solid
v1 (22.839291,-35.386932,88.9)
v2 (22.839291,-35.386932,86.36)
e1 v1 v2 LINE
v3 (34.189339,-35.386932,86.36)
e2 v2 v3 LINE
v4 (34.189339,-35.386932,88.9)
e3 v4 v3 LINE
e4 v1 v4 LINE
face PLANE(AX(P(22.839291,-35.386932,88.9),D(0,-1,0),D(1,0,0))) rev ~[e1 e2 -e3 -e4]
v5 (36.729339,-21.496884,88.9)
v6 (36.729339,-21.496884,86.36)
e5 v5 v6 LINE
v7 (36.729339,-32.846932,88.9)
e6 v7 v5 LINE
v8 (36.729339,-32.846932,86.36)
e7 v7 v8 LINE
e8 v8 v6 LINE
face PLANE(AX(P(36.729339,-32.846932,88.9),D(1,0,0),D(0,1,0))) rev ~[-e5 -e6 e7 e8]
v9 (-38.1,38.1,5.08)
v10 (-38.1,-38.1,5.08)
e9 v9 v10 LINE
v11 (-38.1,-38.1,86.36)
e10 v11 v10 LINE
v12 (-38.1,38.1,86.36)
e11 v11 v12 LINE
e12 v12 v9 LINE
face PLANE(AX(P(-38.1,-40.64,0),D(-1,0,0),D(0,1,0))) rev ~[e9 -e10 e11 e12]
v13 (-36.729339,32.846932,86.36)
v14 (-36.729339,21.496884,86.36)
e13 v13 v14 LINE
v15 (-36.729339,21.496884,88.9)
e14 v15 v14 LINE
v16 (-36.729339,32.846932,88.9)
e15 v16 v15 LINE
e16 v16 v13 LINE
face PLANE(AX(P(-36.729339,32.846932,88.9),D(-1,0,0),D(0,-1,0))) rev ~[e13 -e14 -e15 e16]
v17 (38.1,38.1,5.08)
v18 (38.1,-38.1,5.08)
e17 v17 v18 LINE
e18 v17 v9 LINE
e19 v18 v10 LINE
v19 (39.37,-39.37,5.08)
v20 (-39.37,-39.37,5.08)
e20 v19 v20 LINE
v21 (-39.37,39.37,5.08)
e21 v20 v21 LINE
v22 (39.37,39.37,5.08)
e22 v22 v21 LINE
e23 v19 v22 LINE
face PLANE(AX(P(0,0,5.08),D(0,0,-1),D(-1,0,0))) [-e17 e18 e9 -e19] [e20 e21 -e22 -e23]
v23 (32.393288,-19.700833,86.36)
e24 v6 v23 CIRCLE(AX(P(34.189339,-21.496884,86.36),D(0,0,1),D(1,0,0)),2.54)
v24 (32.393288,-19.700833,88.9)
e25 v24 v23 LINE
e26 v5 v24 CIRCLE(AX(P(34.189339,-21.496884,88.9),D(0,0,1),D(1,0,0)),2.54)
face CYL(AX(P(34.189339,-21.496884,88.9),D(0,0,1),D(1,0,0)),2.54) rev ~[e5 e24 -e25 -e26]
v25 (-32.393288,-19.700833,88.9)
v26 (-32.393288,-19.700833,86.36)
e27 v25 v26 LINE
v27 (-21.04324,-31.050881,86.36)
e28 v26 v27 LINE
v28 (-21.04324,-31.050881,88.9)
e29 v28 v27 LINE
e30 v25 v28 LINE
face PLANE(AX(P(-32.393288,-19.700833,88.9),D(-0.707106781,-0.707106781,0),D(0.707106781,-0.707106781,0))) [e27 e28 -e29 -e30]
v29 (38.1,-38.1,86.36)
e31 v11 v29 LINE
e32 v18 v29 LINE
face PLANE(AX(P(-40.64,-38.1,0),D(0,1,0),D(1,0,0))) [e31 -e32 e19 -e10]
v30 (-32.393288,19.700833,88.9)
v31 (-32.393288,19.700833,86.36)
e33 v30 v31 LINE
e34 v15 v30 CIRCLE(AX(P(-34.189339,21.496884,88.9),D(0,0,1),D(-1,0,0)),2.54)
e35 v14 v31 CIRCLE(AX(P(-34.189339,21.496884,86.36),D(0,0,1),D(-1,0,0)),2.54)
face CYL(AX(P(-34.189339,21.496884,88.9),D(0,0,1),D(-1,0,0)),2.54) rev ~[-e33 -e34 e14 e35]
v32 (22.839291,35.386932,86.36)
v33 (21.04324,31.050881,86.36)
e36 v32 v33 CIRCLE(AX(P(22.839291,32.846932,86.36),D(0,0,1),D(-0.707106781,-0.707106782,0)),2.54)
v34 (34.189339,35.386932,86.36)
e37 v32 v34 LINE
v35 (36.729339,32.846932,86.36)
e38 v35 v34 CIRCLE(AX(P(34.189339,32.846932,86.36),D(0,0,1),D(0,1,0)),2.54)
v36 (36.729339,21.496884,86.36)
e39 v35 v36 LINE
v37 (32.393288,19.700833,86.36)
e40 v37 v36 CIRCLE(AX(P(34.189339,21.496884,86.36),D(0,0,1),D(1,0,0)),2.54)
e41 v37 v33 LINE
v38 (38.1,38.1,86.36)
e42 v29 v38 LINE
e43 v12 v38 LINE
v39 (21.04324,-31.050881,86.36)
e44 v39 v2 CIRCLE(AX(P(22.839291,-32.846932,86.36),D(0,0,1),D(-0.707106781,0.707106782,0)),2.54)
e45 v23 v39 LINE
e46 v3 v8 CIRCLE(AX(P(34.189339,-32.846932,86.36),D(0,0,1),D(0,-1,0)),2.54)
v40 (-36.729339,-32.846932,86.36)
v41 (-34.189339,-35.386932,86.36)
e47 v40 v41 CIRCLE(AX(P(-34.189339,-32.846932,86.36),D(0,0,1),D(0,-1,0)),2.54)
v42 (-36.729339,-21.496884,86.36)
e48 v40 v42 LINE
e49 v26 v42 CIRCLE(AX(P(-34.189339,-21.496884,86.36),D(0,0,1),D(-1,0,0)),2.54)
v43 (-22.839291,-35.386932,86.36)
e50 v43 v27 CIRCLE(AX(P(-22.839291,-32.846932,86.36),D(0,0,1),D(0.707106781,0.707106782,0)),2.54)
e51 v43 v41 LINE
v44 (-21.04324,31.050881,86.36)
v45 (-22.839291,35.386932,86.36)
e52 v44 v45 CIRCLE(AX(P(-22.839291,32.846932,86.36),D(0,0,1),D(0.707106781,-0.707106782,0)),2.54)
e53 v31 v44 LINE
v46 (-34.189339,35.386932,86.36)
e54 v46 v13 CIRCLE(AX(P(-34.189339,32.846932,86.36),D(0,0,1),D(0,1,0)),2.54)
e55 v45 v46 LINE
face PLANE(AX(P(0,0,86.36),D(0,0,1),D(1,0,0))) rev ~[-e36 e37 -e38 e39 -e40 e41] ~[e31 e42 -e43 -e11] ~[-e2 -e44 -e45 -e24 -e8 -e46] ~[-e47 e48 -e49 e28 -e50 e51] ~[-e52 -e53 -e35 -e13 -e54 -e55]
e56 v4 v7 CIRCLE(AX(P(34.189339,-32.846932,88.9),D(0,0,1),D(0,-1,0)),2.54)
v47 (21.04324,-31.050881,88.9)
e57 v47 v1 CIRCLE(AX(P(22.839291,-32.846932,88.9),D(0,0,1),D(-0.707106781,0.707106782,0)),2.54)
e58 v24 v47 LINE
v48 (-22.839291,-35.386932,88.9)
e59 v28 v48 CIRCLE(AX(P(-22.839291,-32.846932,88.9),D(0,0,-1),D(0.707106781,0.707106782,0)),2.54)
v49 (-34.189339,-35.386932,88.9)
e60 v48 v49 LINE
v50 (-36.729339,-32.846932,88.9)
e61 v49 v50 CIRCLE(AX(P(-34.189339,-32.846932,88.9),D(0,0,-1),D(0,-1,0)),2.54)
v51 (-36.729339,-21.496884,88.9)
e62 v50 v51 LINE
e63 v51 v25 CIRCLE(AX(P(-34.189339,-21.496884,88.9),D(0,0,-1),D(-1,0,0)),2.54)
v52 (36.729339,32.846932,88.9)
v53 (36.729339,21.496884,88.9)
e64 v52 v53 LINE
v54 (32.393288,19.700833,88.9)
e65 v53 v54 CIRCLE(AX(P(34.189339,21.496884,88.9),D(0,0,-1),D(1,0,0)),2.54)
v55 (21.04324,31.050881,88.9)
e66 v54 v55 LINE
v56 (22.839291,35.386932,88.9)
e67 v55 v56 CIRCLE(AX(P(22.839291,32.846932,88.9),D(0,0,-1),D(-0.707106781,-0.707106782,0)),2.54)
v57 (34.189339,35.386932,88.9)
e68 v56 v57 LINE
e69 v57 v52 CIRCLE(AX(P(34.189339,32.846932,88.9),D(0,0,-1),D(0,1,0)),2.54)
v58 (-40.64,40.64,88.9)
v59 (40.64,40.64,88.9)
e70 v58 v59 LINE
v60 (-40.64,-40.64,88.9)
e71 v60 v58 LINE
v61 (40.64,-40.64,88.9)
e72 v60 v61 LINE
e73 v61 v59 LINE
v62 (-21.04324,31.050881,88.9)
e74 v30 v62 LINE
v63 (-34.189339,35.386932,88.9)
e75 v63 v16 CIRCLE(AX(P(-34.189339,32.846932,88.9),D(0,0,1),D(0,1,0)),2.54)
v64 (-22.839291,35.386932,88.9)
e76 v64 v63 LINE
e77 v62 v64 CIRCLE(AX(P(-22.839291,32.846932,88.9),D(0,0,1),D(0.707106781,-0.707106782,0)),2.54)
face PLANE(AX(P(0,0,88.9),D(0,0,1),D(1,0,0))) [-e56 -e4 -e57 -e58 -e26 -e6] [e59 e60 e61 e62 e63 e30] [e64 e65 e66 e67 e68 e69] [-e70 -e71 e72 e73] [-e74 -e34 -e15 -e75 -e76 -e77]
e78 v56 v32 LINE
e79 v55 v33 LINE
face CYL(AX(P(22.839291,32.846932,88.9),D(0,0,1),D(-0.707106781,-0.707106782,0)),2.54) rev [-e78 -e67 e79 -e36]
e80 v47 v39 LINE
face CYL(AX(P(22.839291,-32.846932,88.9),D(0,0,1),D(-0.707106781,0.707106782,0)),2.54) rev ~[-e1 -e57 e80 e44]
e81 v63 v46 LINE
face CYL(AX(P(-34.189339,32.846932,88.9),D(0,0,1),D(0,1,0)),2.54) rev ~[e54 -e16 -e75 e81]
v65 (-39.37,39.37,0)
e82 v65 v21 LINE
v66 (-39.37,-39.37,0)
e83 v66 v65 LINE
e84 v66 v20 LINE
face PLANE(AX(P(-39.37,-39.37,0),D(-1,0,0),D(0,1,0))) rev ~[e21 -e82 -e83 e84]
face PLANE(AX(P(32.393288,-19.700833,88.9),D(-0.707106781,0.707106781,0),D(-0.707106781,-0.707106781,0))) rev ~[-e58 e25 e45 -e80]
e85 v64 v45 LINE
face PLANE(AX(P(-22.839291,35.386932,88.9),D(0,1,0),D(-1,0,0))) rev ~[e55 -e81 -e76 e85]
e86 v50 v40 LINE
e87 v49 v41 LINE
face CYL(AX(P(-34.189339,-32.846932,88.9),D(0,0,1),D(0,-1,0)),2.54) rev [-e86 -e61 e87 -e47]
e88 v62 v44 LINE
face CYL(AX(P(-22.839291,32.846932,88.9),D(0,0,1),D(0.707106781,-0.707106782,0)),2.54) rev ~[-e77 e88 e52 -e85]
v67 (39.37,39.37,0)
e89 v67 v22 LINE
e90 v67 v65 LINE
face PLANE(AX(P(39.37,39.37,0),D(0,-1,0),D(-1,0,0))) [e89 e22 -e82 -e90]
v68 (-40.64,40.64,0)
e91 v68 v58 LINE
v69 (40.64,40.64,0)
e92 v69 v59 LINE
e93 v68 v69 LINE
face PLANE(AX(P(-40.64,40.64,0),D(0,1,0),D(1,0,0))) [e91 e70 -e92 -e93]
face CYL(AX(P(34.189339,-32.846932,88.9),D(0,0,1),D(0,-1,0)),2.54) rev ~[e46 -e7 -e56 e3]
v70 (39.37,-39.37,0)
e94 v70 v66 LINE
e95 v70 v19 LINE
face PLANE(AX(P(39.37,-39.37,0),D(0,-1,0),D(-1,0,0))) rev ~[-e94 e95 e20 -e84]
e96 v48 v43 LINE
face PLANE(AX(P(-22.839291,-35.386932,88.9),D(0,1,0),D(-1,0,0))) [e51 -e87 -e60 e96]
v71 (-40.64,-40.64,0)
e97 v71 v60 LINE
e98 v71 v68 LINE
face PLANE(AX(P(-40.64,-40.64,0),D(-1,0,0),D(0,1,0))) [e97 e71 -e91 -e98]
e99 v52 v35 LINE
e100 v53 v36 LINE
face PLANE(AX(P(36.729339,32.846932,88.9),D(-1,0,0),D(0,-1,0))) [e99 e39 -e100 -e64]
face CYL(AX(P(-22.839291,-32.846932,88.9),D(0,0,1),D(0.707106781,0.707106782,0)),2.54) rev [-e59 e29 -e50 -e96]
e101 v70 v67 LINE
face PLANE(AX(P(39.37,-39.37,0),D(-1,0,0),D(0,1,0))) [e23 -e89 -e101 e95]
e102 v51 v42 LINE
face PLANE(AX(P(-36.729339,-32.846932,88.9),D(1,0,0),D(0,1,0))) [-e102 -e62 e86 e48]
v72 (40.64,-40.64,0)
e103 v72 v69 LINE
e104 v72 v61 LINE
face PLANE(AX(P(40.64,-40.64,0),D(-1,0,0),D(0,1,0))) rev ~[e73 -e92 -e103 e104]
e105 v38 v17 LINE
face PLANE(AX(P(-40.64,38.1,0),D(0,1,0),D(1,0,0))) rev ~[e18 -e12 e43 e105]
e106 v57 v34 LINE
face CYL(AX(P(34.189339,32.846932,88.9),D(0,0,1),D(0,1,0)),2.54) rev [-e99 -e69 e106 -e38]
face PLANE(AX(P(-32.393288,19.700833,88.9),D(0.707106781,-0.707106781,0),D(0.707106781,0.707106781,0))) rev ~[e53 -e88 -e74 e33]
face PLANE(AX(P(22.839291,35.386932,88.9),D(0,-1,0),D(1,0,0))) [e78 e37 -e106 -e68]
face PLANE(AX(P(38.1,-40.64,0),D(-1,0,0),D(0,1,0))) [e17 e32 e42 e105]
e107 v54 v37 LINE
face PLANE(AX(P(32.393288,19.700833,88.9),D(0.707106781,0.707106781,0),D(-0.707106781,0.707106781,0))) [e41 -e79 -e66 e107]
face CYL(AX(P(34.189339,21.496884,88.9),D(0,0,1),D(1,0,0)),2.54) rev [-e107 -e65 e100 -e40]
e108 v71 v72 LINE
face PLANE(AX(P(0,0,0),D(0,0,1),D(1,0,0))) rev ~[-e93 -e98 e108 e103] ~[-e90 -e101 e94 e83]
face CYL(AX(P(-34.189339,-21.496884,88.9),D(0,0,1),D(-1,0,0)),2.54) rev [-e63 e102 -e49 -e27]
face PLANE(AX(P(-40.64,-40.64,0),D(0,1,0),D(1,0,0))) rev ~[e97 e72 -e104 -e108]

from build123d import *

# Parameters (mm, degrees)
SKETCH1_W           = 81.28
SKETCH1_H           = 81.28
BOSS_EXTRUDE1_DEPTH = 88.9
SHELL1_T            = -2.54
SKETCH4_W           = 78.74
SKETCH4_H           = 78.74
CUT_EXTRUDE2_DEPTH  = 5.08
CUT_EXTRUDE3_DEPTH  = 17.78


with BuildPart() as part:
    # Sketch1 → Boss-Extrude1 (new body)
    with BuildSketch(Plane.XY):
        Rectangle(SKETCH1_W, SKETCH1_H)
    extrude(amount=BOSS_EXTRUDE1_DEPTH)

    # Shell1
    shell1_openings = [part.faces().sort_by_distance(p)[0] for p in [
        (0, 0, 0),
    ]]
    offset(amount=SHELL1_T, openings=shell1_openings, kind=Kind.INTERSECTION)

    # Sketch4 → Cut-Extrude2 (cut)
    with BuildSketch(Plane(origin=(0, 0, 0), x_dir=(-1, 0, 0), z_dir=(0, 0, -1))):
        Rectangle(SKETCH4_W, SKETCH4_H)
    extrude(amount=-CUT_EXTRUDE2_DEPTH, mode=Mode.SUBTRACT)

    # Sketch5 → Cut-Extrude3 (cut)
    with BuildSketch(Plane.XY.offset(88.9)):
        with BuildLine():
            Line((-36.729338969, 32.846931931), (-36.729338969, 21.496884439))
            ThreePointArc((-36.729338969, 21.496884439), (-35.161354887, 19.150230426), (-32.393287744, 19.700833215))
            Line((-32.393287744, 19.700833215), (-21.043240252, 31.050880707))
            ThreePointArc((-21.043240252, 31.050880707), (-20.492637463, 33.81894785), (-22.839291476, 35.386931931))
            Line((-22.839291476, 35.386931931), (-34.189338969, 35.386931931))
            ThreePointArc((-34.189338969, 35.386931931), (-35.985390193, 34.642983156), (-36.729338969, 32.846931931))
        make_face()
        with BuildLine():
            Line((32.393287744, 19.700833215), (21.043240252, 31.050880707))
            ThreePointArc((21.043240252, 31.050880707), (20.492637463, 33.81894785), (22.839291476, 35.386931931))
            Line((22.839291476, 35.386931931), (34.189338969, 35.386931931))
            ThreePointArc((34.189338969, 35.386931931), (35.985390193, 34.642983156), (36.729338969, 32.846931931))
            Line((36.729338969, 32.846931931), (36.729338969, 21.496884439))
            ThreePointArc((36.729338969, 21.496884439), (35.161354887, 19.150230426), (32.393287744, 19.700833215))
        make_face()
        with BuildLine():
            Line((32.393287744, -19.700833215), (21.043240252, -31.050880707))
            ThreePointArc((21.043240252, -31.050880707), (20.492637463, -33.81894785), (22.839291476, -35.386931931))
            Line((22.839291476, -35.386931931), (34.189338969, -35.386931931))
            ThreePointArc((34.189338969, -35.386931931), (35.985390193, -34.642983156), (36.729338969, -32.846931931))
            Line((36.729338969, -32.846931931), (36.729338969, -21.496884439))
            ThreePointArc((36.729338969, -21.496884439), (35.161354887, -19.150230426), (32.393287744, -19.700833215))
        make_face()
        with BuildLine():
            Line((-32.393287744, -19.700833215), (-21.043240252, -31.050880707))
            ThreePointArc((-21.043240252, -31.050880707), (-20.492637463, -33.81894785), (-22.839291476, -35.386931931))
            Line((-22.839291476, -35.386931931), (-34.189338969, -35.386931931))
            ThreePointArc((-34.189338969, -35.386931931), (-35.985390193, -34.642983156), (-36.729338969, -32.846931931))
            Line((-36.729338969, -32.846931931), (-36.729338969, -21.496884439))
            ThreePointArc((-36.729338969, -21.496884439), (-35.161354887, -19.150230426), (-32.393287744, -19.700833215))
        make_face()
    extrude(amount=-CUT_EXTRUDE3_DEPTH, mode=Mode.SUBTRACT)


solid = part.part
